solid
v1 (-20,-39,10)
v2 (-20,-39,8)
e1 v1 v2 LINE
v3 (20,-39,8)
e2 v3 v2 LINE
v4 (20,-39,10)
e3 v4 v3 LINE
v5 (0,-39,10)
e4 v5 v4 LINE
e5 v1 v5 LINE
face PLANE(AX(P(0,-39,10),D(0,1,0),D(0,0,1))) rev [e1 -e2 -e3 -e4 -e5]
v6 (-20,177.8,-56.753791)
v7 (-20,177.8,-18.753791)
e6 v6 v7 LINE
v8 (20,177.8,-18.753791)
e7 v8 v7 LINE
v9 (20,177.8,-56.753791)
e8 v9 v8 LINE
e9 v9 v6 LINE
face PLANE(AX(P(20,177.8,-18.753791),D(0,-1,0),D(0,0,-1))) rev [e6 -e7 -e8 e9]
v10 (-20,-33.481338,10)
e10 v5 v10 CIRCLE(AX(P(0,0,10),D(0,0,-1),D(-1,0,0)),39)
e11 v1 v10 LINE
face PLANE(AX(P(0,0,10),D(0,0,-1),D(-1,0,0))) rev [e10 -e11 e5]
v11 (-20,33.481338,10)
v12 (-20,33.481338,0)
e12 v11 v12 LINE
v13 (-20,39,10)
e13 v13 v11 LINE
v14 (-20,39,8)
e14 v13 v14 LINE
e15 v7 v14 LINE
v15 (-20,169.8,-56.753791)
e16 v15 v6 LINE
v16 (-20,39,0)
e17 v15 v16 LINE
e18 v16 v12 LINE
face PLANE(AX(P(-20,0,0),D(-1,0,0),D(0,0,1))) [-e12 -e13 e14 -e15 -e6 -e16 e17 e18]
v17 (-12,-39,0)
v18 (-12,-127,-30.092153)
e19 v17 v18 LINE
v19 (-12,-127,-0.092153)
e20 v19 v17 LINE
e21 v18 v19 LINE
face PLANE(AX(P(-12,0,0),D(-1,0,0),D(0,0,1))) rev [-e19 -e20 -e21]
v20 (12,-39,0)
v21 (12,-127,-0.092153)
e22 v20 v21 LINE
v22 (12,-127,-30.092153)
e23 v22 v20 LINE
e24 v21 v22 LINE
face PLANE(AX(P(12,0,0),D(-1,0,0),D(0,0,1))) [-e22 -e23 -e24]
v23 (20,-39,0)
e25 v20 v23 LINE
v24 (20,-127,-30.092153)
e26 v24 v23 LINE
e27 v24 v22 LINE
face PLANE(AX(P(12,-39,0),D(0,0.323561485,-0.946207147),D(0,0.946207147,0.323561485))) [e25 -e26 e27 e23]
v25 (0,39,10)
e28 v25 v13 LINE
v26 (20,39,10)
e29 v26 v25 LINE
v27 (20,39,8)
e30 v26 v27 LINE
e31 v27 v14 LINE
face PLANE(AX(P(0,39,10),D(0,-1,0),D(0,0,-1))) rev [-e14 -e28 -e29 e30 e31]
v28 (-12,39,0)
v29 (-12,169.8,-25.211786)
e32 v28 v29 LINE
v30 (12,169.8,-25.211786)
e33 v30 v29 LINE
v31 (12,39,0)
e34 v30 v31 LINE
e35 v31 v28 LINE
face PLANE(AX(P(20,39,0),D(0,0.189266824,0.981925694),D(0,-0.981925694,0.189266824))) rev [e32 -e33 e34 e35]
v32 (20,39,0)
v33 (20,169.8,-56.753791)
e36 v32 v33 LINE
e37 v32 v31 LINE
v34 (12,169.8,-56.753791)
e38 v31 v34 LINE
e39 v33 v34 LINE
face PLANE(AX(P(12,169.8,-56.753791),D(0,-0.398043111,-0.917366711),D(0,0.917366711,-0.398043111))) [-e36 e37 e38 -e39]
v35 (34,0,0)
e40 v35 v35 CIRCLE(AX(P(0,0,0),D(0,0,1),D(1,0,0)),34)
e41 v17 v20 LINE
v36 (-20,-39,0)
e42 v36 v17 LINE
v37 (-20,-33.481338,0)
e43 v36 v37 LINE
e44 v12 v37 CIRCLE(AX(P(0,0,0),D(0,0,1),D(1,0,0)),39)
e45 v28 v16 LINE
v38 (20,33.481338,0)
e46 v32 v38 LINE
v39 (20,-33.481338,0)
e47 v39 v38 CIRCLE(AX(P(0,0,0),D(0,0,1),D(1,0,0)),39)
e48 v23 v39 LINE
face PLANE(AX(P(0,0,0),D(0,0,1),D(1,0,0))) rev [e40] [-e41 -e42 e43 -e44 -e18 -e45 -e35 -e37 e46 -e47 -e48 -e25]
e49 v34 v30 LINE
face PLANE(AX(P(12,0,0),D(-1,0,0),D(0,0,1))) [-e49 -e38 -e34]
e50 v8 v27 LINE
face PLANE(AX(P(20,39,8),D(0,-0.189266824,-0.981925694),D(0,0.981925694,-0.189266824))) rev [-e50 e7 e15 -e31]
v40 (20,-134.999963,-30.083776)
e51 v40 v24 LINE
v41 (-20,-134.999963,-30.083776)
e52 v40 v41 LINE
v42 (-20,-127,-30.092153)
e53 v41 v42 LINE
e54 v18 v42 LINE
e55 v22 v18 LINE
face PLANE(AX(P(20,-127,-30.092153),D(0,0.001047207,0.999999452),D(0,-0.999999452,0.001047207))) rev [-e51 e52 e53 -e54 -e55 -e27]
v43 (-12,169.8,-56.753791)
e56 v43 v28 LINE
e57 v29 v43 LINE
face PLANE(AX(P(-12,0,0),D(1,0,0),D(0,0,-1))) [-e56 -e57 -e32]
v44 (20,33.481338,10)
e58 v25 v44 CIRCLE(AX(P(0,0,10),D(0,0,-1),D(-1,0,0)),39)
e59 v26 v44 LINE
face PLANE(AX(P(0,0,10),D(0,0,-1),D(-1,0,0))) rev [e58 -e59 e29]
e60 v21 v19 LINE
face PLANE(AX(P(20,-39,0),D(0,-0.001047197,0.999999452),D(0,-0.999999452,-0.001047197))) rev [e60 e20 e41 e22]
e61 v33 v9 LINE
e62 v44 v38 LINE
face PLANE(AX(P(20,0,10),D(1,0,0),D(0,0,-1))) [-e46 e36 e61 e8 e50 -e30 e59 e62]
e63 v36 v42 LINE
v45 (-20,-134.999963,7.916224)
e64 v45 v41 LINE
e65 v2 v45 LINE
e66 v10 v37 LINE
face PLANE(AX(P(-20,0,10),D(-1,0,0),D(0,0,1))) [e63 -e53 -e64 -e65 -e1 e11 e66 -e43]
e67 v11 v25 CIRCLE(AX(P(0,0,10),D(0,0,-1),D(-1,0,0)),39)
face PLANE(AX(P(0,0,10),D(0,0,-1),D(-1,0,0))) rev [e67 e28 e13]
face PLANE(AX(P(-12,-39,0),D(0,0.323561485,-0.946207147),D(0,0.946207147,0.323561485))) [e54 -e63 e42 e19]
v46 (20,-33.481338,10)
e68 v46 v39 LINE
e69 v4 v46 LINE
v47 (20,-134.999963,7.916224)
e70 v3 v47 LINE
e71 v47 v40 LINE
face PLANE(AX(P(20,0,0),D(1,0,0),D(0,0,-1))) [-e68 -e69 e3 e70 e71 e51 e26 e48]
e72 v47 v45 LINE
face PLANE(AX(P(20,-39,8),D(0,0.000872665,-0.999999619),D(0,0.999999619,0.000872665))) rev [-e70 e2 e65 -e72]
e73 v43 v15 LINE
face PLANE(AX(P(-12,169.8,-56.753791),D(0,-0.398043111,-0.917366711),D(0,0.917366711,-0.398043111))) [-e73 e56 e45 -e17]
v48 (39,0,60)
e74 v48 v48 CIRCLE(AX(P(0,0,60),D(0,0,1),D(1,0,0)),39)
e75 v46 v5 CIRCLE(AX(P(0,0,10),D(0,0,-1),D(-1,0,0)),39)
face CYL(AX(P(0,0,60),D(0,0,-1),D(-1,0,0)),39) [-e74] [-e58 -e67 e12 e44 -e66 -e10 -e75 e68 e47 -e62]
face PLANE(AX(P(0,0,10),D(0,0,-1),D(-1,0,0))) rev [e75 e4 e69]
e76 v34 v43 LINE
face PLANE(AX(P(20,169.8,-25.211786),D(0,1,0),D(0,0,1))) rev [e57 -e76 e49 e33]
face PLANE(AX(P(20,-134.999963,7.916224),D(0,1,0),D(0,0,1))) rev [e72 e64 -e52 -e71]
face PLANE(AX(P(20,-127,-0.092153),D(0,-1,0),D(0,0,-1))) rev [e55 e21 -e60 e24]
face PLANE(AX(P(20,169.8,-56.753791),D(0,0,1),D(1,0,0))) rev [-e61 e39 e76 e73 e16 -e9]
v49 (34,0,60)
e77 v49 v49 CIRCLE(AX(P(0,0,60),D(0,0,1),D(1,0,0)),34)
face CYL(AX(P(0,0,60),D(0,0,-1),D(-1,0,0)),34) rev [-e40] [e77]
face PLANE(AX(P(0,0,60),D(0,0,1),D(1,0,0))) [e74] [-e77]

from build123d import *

# Parameters (mm, degrees)
SKETCH2_R           = 39
SKETCH2_R_2         = 34
BOSS_EXTRUDE1_DEPTH = 60
BOSS_EXTRUDE2_DEPTH = 20
BOSS_EXTRUDE3_DEPTH = 10
BOSS_EXTRUDE4_DEPTH = 20
BOSS_EXTRUDE5_DEPTH = 10
BOSS_EXTRUDE6_DEPTH = 8
BOSS_EXTRUDE7_DEPTH = 8
BOSS_EXTRUDE8_DEPTH = 8
BOSS_EXTRUDE9_DEPTH = 8


with BuildPart() as part:
    # Sketch2 → Boss-Extrude1 (new body)
    with BuildSketch(Plane.XY):
        Circle(SKETCH2_R)
        Circle(SKETCH2_R_2, mode=Mode.SUBTRACT)
    extrude(amount=BOSS_EXTRUDE1_DEPTH)



with BuildPart() as body_2:
    # Sketch4 → Boss-Extrude2 (new, symmetric)
    with BuildSketch(Plane(origin=(0, 0, 0), x_dir=(0, 0, -1), z_dir=(1, 0, 0))):
        Polygon((-8, 39), (18.753791407, 177.8), (56.753791407, 177.8), (56.753791407, 169.8), (25.211786138, 169.8), (0, 39), align=None)
    extrude(amount=BOSS_EXTRUDE2_DEPTH, both=True)


with BuildPart() as part_1:
    add(part.part)

    add(body_2.part)  # Boss-Extrude3 merges body 2
    # Sketch5 → Boss-Extrude3 (add)
    with BuildSketch(Plane(origin=(0, 0, 0), x_dir=(-1, 0, 0), z_dir=(0, 0, -1))):
        with BuildLine():
            Line((0, 39), (-20, 39))
            Line((-20, 39), (-20, 33.481338086))
            ThreePointArc((-20, 33.481338086), (-10.373712322, 37.595027499), (0, 39))
        make_face()
        with BuildLine():
            Line((20, 39), (0, 39))
            ThreePointArc((0, 39), (10.373712322, 37.595027499), (20, 33.481338086))
            Line((20, 33.481338086), (20, 39))
        make_face()
    extrude(amount=-BOSS_EXTRUDE3_DEPTH)



with BuildPart() as body_2_2:
    # Sketch7 → Boss-Extrude4 (new, symmetric)
    with BuildSketch(Plane(origin=(0, 0, 0), x_dir=(0, 0, -1), z_dir=(1, 0, 0))):
        Polygon((-8, -39), (-7.916224207, -134.999963446), (30.083775793, -134.999963446), (30.092153418, -127), (0.092153418, -127), (0, -39), align=None)
    extrude(amount=BOSS_EXTRUDE4_DEPTH, both=True)


with BuildPart() as part_2:
    add(part_1.part)

    add(body_2_2.part)  # Boss-Extrude5 merges body 2 2
    # Sketch8 → Boss-Extrude5 (add)
    with BuildSketch(Plane(origin=(0, 0, 0), x_dir=(-1, 0, 0), z_dir=(0, 0, -1))):
        with BuildLine():
            Line((-20, -33.481338086), (-20, -39))
            Line((-20, -39), (0, -39))
            ThreePointArc((0, -39), (-10.373712322, -37.595027499), (-20, -33.481338086))
        make_face()
        with BuildLine():
            ThreePointArc((20, -33.481338086), (10.373712322, -37.595027499), (0, -39))
            Line((0, -39), (20, -39))
            Line((20, -39), (20, -33.481338086))
        make_face()
    extrude(amount=-BOSS_EXTRUDE5_DEPTH)

    # Sketch9 → Boss-Extrude6 (add)
    with BuildSketch(Plane(origin=(20, 0, 0), x_dir=(0, 0, -1), z_dir=(1, 0, 0))):
        Polygon((56.753791407, 169.8), (0, 39), (25.211786138, 169.8), align=None)
    extrude(amount=-BOSS_EXTRUDE6_DEPTH)

    # Sketch10 → Boss-Extrude7 (add)
    with BuildSketch(Plane.ZY.offset(20)):
        Polygon((0, 39), (-25.211786138, 169.8), (-56.753791407, 169.8), align=None)
    extrude(amount=-BOSS_EXTRUDE7_DEPTH)

    # Sketch11 → Boss-Extrude8 (add)
    with BuildSketch(Plane(origin=(20, 0, 0), x_dir=(0, 0, -1), z_dir=(1, 0, 0))):
        Polygon((0, -39), (30.092153418, -127), (0.092153418, -127), align=None)
    extrude(amount=-BOSS_EXTRUDE8_DEPTH)

    # Sketch12 → Boss-Extrude9 (add)
    with BuildSketch(Plane.ZY.offset(20)):
        Polygon((-30.092153418, -127), (-0.092153418, -127), (0, -39), align=None)
    extrude(amount=-BOSS_EXTRUDE9_DEPTH)


solid = part_2.part
